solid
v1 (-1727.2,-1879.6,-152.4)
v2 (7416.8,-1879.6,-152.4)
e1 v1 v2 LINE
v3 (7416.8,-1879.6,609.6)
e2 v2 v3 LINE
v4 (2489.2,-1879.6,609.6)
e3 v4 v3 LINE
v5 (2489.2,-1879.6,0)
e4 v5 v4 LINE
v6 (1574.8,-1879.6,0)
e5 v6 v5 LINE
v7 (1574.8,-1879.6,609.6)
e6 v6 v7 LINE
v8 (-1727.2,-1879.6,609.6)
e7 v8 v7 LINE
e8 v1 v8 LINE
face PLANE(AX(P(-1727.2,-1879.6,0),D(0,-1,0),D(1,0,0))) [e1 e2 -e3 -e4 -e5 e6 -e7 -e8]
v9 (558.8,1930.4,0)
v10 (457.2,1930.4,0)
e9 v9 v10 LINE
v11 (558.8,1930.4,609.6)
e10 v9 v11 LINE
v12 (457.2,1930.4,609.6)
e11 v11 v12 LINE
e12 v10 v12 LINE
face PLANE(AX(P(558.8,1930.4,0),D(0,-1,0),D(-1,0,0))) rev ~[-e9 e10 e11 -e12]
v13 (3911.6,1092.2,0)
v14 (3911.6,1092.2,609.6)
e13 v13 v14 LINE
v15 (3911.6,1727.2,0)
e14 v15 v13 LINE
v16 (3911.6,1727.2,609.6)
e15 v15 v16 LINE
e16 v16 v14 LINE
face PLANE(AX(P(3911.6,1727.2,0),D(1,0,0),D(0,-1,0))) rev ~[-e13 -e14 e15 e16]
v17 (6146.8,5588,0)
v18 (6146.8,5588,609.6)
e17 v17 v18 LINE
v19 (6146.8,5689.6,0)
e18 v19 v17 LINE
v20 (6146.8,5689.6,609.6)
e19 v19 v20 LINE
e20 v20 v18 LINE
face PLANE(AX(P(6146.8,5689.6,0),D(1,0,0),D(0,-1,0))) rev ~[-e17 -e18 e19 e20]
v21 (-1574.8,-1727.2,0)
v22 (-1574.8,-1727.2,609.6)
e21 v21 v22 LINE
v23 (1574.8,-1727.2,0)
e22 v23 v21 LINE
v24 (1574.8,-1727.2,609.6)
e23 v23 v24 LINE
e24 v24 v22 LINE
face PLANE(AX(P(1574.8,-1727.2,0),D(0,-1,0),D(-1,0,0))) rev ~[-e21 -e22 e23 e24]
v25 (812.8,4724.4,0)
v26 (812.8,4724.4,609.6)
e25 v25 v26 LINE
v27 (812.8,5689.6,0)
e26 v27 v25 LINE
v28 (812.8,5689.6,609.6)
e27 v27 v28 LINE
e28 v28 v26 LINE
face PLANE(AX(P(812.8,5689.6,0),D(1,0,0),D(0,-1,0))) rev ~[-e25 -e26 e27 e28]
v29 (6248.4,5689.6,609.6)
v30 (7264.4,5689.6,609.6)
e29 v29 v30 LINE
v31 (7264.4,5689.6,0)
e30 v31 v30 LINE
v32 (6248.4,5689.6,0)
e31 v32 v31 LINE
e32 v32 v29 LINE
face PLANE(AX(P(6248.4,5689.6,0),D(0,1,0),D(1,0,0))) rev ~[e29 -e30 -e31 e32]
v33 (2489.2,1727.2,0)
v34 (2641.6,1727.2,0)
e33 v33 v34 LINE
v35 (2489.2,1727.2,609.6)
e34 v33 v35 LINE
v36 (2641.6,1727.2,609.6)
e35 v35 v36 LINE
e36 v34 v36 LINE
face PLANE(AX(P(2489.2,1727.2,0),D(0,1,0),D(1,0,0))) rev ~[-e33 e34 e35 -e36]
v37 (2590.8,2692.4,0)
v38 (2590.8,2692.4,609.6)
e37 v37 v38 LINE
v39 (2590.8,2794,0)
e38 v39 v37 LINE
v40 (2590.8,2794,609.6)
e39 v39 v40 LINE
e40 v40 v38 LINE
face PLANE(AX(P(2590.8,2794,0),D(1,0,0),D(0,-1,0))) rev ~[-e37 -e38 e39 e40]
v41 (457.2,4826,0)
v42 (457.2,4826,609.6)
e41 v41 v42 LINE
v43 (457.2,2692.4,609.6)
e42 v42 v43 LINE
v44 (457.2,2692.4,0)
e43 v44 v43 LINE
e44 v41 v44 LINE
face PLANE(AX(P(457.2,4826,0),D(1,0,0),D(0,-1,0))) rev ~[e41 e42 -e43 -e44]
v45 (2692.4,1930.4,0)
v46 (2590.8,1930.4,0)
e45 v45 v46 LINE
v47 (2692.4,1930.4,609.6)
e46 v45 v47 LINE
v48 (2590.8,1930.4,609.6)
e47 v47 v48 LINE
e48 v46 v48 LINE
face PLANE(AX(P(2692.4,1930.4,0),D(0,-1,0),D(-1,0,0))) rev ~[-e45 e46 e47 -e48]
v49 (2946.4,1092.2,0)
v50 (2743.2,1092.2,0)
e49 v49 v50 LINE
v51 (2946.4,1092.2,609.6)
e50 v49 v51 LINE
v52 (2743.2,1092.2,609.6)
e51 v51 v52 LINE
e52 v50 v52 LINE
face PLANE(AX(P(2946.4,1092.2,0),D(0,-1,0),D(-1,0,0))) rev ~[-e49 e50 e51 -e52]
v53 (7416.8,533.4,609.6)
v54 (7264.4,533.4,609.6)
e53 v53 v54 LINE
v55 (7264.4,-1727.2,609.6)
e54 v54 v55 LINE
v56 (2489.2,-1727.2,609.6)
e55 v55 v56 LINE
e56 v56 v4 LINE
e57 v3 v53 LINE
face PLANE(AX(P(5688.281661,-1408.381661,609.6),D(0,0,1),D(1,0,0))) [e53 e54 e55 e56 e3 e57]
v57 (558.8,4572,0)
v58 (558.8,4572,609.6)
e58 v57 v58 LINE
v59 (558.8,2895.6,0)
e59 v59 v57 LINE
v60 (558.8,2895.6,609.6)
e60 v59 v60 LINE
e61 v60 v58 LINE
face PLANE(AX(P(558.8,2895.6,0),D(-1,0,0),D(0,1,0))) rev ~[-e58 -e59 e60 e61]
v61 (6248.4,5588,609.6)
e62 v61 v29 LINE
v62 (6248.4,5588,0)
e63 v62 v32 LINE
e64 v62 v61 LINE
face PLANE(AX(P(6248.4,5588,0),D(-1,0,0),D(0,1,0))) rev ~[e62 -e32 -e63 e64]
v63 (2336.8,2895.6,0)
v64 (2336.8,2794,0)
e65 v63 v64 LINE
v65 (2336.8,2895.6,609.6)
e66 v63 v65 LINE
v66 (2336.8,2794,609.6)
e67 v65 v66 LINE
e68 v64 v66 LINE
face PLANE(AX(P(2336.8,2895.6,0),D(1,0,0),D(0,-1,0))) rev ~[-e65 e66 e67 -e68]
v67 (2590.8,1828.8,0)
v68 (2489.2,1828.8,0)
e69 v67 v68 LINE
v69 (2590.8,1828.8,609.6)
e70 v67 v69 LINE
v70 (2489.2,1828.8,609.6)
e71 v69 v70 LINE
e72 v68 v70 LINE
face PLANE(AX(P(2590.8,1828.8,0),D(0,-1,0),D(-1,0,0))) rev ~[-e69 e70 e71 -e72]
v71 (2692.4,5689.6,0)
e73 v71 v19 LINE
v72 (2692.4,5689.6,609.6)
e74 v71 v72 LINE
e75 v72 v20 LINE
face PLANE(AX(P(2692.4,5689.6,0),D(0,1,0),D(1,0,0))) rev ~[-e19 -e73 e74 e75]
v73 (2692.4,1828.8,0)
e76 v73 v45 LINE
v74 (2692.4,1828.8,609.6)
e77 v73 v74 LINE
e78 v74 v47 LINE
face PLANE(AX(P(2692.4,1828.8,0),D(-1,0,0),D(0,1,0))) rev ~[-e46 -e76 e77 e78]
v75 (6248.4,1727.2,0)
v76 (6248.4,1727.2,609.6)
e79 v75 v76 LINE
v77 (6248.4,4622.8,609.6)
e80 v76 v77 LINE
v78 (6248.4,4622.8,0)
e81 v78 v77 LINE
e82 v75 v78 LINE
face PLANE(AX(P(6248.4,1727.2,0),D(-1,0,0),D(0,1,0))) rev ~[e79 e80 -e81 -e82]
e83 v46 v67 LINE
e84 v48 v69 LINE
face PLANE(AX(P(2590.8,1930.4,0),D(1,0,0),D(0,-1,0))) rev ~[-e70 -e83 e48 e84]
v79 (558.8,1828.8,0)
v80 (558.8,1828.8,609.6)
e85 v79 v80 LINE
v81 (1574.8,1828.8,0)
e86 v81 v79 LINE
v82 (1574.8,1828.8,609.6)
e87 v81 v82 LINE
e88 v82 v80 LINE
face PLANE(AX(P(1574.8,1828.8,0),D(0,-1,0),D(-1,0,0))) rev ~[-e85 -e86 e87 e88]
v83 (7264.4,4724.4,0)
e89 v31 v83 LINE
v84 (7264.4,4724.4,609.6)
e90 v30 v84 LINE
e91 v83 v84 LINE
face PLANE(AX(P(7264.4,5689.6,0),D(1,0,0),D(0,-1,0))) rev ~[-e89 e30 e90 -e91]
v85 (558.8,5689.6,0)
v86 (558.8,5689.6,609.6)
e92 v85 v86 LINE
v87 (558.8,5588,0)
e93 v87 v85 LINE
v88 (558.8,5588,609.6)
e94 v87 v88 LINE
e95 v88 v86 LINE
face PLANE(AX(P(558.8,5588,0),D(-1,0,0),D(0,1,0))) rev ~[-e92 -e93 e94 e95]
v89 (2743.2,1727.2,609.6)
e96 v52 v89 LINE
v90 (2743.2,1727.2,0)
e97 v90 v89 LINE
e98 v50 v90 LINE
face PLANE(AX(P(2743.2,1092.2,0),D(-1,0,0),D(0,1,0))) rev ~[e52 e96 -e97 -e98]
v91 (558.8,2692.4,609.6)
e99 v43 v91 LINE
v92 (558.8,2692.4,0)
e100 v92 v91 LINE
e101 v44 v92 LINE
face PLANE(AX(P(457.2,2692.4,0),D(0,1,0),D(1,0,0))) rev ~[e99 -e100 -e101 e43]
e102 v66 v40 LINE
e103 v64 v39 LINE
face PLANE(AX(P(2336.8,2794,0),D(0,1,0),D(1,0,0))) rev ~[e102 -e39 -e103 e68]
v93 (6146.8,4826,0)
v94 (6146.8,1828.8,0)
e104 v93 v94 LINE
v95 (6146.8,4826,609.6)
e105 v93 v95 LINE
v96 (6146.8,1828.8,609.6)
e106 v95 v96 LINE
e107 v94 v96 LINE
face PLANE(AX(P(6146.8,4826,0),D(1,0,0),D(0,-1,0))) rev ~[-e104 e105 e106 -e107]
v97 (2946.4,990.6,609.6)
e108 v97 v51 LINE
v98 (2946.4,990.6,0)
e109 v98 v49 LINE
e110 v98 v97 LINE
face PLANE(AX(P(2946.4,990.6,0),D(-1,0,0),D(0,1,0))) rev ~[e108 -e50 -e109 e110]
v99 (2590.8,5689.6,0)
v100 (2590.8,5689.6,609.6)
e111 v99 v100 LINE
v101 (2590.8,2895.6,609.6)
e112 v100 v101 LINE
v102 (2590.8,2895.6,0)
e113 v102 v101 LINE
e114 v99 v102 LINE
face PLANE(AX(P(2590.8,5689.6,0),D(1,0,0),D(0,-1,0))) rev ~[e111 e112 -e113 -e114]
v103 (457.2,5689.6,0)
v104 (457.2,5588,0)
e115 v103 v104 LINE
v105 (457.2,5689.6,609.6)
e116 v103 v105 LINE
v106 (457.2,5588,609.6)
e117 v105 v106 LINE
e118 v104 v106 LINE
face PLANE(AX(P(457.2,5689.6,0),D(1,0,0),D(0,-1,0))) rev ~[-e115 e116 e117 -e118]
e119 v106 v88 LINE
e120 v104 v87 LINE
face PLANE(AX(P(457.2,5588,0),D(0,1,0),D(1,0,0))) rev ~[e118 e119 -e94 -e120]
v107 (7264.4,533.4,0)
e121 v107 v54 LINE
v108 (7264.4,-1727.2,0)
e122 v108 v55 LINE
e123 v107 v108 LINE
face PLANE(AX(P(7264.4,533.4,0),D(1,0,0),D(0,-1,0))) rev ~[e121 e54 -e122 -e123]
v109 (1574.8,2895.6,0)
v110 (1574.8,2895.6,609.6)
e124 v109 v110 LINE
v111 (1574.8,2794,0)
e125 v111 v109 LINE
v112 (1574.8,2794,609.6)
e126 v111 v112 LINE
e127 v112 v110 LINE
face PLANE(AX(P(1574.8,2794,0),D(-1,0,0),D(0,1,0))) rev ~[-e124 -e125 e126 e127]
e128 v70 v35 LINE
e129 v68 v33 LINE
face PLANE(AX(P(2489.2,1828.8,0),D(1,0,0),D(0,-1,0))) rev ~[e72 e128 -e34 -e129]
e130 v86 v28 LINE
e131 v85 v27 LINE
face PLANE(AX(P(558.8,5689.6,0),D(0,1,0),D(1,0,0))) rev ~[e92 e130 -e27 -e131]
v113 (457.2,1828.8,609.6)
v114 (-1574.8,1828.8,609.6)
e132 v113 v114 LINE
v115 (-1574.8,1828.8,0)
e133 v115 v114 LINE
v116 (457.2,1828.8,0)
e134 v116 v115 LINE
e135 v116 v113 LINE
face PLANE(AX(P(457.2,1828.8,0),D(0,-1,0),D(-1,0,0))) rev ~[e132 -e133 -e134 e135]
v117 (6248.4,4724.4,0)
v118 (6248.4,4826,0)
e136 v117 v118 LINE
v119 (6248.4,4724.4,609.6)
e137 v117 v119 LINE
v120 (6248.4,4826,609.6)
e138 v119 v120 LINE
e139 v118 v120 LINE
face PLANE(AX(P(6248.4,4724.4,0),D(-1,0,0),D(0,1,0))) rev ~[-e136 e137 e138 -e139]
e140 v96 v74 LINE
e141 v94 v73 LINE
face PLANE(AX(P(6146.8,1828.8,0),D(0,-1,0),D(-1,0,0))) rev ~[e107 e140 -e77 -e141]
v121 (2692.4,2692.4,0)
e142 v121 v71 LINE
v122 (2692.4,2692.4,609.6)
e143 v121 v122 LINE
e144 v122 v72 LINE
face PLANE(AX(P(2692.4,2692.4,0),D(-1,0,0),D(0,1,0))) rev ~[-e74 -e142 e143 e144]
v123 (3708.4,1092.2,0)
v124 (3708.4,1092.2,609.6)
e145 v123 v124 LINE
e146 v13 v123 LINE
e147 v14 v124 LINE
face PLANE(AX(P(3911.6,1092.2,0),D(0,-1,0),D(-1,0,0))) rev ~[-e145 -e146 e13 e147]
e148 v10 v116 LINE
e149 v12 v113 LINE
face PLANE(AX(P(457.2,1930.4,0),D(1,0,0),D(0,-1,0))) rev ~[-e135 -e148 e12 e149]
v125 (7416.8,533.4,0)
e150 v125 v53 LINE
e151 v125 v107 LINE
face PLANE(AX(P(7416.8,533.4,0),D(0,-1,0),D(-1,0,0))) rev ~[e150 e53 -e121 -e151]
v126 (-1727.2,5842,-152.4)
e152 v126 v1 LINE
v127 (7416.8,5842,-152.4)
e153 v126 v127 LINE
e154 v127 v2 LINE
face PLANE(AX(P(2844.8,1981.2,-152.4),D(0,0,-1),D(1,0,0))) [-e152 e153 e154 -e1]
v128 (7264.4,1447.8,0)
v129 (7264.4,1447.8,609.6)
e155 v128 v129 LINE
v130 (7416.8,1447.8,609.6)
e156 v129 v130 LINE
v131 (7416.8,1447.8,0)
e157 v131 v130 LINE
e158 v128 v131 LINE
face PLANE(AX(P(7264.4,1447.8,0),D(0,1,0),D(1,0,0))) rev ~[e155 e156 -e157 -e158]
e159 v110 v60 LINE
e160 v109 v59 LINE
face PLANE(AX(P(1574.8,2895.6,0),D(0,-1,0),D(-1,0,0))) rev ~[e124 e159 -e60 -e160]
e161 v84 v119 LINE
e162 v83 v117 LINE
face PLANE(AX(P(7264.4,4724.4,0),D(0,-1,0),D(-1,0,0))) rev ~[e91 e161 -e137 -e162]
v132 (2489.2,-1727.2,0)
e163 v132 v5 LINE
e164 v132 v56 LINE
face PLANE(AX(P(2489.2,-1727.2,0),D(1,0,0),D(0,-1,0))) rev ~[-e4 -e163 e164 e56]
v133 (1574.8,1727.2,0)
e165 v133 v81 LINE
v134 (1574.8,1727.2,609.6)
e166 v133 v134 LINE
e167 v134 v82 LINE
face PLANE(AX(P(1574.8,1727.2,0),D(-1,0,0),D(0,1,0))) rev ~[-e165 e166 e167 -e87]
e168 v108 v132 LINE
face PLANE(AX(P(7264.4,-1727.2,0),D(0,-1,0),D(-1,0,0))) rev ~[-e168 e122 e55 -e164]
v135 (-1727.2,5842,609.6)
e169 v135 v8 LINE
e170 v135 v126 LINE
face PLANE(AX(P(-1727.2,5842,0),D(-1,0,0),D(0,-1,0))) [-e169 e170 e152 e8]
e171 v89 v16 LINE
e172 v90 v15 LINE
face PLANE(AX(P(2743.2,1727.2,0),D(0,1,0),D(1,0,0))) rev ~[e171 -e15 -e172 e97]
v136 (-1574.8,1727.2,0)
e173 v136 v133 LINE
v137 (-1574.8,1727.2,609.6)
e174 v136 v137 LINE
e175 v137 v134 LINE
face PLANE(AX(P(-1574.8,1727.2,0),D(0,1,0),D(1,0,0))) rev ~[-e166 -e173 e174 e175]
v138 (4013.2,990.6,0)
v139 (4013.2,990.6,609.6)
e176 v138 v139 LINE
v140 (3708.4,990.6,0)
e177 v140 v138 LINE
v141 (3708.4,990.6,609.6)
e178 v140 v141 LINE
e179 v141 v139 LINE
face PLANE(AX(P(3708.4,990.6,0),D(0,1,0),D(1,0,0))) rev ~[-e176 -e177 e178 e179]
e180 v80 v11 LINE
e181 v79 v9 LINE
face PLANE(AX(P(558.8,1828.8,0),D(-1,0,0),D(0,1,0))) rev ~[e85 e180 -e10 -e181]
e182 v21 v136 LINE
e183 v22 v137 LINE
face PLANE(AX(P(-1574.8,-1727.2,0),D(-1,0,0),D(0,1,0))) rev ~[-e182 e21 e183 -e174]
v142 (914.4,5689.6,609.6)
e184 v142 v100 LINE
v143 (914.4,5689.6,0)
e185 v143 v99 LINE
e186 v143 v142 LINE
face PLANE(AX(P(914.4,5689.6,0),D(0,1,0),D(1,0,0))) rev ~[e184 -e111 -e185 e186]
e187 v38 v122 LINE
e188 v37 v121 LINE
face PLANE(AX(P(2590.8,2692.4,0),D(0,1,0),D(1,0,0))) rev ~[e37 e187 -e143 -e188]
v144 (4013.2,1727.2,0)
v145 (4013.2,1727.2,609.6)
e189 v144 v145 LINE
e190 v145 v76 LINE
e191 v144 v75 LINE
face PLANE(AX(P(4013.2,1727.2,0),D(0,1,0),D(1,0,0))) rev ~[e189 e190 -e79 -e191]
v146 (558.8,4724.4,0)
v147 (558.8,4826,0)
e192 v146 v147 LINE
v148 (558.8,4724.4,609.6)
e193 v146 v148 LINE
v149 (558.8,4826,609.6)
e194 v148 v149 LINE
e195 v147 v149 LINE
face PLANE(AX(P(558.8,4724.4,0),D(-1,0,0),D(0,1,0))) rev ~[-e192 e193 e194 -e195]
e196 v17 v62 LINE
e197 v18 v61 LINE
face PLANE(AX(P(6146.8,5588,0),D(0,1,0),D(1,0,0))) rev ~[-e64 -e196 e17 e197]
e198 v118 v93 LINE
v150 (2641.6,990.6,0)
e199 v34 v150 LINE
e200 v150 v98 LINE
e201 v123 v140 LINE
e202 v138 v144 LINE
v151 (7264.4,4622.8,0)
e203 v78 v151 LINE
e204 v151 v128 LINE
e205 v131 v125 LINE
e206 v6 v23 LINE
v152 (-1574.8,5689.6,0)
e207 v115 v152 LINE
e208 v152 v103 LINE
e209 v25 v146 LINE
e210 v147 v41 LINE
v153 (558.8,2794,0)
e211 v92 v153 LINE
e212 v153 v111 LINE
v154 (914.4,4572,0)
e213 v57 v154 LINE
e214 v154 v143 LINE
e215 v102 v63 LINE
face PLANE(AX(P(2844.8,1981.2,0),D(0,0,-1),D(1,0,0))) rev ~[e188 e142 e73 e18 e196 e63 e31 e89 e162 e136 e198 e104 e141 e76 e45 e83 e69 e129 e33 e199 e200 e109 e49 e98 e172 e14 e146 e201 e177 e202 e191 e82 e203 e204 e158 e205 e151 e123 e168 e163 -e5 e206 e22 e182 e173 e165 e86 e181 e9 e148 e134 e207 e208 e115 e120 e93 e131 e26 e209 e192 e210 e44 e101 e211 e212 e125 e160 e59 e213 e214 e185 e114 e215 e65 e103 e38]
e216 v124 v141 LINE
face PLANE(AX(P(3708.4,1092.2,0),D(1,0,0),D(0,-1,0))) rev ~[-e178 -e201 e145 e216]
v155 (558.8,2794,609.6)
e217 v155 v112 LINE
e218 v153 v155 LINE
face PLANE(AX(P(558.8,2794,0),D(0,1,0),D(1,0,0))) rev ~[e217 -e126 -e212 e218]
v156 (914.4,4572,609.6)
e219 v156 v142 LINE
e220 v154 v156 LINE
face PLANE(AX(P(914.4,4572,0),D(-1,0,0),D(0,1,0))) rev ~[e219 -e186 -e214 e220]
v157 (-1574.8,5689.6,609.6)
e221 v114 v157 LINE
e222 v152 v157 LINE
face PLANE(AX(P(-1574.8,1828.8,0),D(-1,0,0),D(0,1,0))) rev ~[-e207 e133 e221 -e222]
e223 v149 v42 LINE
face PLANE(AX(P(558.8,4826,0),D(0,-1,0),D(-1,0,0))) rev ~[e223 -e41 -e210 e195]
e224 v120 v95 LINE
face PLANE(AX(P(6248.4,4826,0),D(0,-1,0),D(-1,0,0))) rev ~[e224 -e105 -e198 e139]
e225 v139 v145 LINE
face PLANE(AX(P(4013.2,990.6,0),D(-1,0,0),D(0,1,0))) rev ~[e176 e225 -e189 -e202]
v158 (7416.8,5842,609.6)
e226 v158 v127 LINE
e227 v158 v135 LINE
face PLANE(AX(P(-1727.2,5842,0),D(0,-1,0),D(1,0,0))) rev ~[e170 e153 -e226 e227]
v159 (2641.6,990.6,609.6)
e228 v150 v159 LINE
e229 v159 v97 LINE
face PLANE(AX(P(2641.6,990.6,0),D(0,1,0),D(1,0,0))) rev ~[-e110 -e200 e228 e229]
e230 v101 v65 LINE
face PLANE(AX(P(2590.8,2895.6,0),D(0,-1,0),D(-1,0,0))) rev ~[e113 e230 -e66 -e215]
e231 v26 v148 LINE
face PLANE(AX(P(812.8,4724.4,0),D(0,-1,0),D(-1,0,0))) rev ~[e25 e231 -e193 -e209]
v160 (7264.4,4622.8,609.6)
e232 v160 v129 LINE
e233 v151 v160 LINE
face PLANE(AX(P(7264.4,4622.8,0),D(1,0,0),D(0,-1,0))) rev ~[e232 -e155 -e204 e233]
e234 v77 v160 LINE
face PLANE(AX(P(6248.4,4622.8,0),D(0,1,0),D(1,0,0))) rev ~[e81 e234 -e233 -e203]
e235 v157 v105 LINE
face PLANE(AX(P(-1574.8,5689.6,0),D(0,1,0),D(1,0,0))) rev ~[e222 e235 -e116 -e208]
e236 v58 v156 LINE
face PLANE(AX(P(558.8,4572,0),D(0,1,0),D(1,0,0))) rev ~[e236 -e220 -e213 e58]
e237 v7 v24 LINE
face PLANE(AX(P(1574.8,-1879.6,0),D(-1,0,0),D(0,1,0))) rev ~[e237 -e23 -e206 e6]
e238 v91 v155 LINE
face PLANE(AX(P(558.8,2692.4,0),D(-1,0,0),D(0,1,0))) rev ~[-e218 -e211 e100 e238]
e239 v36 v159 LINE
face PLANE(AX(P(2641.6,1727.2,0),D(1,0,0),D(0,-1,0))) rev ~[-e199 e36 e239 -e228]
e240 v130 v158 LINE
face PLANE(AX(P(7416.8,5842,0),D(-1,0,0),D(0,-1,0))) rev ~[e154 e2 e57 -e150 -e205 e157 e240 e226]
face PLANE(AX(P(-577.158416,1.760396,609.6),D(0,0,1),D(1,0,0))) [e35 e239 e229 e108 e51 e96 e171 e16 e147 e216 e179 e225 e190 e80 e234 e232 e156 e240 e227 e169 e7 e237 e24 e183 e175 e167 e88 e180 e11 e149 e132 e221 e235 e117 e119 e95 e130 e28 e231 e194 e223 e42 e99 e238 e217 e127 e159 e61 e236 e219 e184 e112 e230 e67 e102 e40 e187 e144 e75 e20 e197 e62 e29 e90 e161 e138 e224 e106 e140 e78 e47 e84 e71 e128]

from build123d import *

# Parameters (mm, degrees)
F1_DEPTH = 609.6
F2_W     = 9144
F2_H     = 7721.6
F3_DEPTH = 152.4


with BuildPart() as f1:
    # F0 (on Top) → F1 (new body)
    with BuildSketch(Plane.XY):
        Polygon((-1574.8, 1727.2), (1574.8, 1727.2), (1574.8, 1828.8), (558.8, 1828.8), (558.8, 1930.4), (457.2, 1930.4), (457.2, 1828.8), (-1574.8, 1828.8), (-1727.2, 1828.8), (-1727.2, -1879.6), (1574.8, -1879.6), (1574.8, -1727.2), (-1574.8, -1727.2), align=None)
        Polygon((-1727.2, 5842), (-1727.2, 1828.8), (-1574.8, 1828.8), (-1574.8, 5689.6), (457.2, 5689.6), (457.2, 5588), (558.8, 5588), (558.8, 5689.6), (812.8, 5689.6), (812.8, 4724.4), (558.8, 4724.4), (558.8, 4826), (457.2, 4826), (457.2, 4724.4), (457.2, 2692.4), (558.8, 2692.4), (558.8, 2794), (1574.8, 2794), (1574.8, 2895.6), (558.8, 2895.6), (558.8, 4572), (914.4, 4572), (914.4, 5689.6), (2590.8, 5689.6), (2590.8, 2895.6), (2336.8, 2895.6), (2336.8, 2794), (2590.8, 2794), (2590.8, 2692.4), (2692.4, 2692.4), (2692.4, 5689.6), (6146.8, 5689.6), (6146.8, 5588), (6248.4, 5588), (6248.4, 5689.6), (7264.4, 5689.6), (7264.4, 4724.4), (6248.4, 4724.4), (6248.4, 4826), (6146.8, 4826), (6146.8, 1828.8), (2692.4, 1828.8), (2692.4, 1930.4), (2590.8, 1930.4), (2590.8, 1828.8), (2489.2, 1828.8), (2489.2, 1727.2), (2641.6, 1727.2), (2641.6, 990.6), (2946.4, 990.6), (2946.4, 1092.2), (2743.2, 1092.2), (2743.2, 1727.2), (3911.6, 1727.2), (3911.6, 1092.2), (3708.4, 1092.2), (3708.4, 990.6), (4013.2, 990.6), (4013.2, 1727.2), (6248.4, 1727.2), (6248.4, 3430.751888), (6248.4, 4622.8), (7264.4, 4622.8), (7264.4, 1447.8), (7416.8, 1447.8), (7416.8, 5842), (2590.8, 5842), (1396.881529, 5842), align=None)
        Polygon((7264.4, -1727.2), (2489.2, -1727.2), (2489.2, -1879.6), (7416.8, -1879.6), (7416.8, 533.4), (7264.4, 533.4), align=None)
    extrude(amount=F1_DEPTH)

    # F2 (on face) → F3 (join)
    with BuildSketch(Plane(origin=(0, 0, 0), x_dir=(1, 0, 0), z_dir=(0, 0, -1))):
        with Locations((2844.8, -1981.2)):
            Rectangle(F2_W, F2_H)
    extrude(amount=F3_DEPTH)


solid = f1.part
